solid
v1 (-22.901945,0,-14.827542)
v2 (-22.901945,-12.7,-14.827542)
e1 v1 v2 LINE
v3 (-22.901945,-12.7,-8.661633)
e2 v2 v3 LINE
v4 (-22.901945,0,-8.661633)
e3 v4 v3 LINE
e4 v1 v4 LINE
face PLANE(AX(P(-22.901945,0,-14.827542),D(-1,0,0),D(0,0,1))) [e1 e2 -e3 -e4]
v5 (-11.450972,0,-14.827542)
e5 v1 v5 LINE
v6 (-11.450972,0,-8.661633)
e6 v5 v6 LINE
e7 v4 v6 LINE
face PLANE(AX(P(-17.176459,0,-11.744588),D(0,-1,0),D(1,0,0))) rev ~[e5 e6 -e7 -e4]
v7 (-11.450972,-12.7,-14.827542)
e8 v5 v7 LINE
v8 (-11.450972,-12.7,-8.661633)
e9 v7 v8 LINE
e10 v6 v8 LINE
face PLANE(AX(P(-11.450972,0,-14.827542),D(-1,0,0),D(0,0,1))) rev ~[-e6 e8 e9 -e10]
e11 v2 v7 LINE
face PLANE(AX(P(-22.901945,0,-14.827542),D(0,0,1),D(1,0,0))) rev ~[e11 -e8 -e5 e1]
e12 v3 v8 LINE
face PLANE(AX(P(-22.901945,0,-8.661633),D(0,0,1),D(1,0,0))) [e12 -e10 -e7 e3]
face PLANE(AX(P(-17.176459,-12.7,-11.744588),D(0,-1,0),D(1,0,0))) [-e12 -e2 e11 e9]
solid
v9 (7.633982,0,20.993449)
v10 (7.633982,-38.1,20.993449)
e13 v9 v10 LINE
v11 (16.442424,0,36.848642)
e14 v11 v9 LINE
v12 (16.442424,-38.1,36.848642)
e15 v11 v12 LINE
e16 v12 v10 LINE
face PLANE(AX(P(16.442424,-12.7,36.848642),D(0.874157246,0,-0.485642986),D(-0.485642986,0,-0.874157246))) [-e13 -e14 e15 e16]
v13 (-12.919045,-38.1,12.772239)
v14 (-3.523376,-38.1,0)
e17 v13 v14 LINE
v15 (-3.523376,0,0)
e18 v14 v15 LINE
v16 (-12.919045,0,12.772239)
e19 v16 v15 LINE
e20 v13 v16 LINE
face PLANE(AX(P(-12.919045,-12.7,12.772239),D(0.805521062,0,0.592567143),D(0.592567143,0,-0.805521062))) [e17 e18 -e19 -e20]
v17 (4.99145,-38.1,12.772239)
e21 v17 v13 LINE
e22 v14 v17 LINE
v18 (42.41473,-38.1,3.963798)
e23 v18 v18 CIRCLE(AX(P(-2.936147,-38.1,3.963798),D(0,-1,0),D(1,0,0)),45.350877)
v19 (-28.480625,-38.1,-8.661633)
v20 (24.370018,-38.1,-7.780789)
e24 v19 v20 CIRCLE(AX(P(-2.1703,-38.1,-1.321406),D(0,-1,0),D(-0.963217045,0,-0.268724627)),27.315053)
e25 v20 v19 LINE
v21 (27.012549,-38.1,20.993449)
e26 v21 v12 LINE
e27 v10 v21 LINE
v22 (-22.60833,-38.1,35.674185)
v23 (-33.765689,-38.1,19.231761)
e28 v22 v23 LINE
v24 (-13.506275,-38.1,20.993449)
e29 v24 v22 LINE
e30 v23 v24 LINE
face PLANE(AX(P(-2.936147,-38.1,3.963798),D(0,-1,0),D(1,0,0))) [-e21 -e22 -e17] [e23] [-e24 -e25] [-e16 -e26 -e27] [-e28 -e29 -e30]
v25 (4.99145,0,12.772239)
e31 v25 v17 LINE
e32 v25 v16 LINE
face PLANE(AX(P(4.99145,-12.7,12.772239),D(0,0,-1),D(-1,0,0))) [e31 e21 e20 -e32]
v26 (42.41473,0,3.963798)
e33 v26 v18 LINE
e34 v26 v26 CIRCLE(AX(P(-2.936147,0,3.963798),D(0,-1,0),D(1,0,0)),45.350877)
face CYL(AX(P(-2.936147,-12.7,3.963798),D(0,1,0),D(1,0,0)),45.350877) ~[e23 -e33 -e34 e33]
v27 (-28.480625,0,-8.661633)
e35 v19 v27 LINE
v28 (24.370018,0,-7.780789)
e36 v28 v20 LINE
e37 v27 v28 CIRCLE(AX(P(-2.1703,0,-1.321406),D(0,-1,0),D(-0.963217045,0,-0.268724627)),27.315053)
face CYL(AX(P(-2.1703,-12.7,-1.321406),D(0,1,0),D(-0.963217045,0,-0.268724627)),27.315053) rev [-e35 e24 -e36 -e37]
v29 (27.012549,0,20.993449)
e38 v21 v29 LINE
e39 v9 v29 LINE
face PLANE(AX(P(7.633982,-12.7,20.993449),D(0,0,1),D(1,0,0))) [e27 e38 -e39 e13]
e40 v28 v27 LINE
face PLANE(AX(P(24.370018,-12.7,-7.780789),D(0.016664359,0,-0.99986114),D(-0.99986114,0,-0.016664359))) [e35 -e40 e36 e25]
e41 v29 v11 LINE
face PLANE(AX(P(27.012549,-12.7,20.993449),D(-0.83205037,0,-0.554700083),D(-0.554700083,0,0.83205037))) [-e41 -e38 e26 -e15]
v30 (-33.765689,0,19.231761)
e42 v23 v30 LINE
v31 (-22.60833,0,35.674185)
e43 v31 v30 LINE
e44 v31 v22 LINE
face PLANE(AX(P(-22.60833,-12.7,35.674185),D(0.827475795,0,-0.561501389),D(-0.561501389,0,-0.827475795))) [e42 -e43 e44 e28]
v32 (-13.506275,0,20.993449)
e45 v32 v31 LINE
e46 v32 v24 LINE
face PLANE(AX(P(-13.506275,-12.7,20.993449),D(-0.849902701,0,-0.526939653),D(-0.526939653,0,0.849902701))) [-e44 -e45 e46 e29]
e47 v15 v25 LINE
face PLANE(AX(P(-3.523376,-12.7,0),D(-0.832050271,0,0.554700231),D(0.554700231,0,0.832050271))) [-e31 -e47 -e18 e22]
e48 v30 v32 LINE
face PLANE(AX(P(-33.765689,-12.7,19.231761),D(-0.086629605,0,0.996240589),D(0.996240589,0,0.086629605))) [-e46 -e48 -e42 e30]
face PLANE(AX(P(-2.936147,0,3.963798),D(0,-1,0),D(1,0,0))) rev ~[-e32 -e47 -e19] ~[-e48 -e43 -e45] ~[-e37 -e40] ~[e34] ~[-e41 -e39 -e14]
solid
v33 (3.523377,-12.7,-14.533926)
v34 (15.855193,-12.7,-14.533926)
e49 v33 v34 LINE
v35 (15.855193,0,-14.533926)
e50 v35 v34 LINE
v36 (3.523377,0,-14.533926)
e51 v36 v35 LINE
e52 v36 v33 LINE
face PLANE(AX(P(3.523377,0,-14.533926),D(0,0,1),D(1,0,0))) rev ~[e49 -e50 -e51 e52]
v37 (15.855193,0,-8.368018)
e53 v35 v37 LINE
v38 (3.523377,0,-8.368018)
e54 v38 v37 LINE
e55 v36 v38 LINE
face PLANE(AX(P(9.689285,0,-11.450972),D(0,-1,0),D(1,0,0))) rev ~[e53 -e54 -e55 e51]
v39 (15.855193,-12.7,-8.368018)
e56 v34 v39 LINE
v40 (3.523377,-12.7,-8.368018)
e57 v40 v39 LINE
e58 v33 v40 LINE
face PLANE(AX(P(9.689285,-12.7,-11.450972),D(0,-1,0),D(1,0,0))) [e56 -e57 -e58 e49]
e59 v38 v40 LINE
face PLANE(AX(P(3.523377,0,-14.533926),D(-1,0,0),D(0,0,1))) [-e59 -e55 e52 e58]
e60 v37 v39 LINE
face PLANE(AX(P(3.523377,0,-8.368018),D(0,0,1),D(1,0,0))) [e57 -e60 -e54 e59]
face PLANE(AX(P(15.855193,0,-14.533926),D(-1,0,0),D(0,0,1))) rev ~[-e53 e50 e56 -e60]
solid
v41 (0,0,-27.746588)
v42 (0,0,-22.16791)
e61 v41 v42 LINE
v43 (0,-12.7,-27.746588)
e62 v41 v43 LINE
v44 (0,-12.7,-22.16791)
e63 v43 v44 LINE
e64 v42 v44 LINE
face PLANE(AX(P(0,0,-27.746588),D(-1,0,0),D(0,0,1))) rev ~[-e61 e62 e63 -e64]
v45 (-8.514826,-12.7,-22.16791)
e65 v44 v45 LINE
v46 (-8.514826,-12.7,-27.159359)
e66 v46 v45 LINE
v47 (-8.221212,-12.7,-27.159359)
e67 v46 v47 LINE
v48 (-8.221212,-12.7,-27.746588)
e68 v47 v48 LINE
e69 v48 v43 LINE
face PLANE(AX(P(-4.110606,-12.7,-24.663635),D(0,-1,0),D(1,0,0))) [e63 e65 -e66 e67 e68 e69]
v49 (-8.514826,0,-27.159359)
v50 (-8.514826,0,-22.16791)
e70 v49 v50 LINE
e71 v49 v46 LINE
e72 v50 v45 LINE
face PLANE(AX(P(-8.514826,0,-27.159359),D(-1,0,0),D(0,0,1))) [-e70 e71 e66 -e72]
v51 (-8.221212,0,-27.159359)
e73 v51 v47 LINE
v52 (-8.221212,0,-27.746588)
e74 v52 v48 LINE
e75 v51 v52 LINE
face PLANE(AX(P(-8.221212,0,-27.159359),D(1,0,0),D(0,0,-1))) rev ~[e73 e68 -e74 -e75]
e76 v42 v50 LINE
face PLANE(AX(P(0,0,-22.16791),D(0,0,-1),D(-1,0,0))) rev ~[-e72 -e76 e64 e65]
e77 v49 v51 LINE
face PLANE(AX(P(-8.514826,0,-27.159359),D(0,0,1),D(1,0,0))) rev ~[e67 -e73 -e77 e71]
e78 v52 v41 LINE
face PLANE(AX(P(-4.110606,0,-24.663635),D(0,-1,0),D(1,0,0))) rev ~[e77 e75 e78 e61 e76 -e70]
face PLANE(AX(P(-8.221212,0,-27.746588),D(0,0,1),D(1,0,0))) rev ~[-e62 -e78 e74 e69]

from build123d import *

# Parameters (mm, degrees)
F0_R      = 45.3508771991
F1_DEPTH  = 12.7
F3_DEPTH  = 12.7
F5_DEPTH  = 12.7
F7_DEPTH  = 12.7
F9_DEPTH  = 25.4
F10_DEPTH = 25.4
F11_W     = 11.4509724081
F11_H     = 6.1659086496
F12_DEPTH = 12.7
F11_W_2   = 12.3318159021
F11_H_2   = 6.1659077182
F11_W_3   = 8.2212118432
F11_H_3   = 4.9914494157
F11_H_4   = 0.5872286856
F11_W_4   = 0.2936143428


with BuildPart() as f1:
    # F0 (on Front) → F1 (new body)
    with BuildSketch(Plane.XZ):
        with Locations((-2.9361471534, 3.9637982845)):
            Circle(F0_R)
    extrude(amount=F1_DEPTH)

    # F2 (on face) → F3 (cut)
    with BuildSketch(Plane.XZ.offset(12.7)):
        Polygon((-22.6083304733, 35.6741845608), (-33.7656885386, 19.2317608744), (-13.5062746704, 20.9934487939), align=None)
    extrude(amount=-F3_DEPTH, mode=Mode.SUBTRACT)

    # F4 (on face) → F5 (cut)
    with BuildSketch(Plane.XZ.offset(12.7)):
        Polygon((7.6339817606, 20.9934487939), (27.0125493407, 20.9934487939), (16.4424236864, 36.848641932), align=None)
    extrude(amount=-F5_DEPTH, mode=Mode.SUBTRACT)

    # F6 (on face) → F7 (cut)
    with BuildSketch(Plane.XZ.offset(12.7)):
        with BuildLine():
            Line((24.3700183928, -7.780788932), (-28.4806247801, -8.6616333574))
            ThreePointArc((-28.4806247801, -8.6616333574), (-1.715112134, -28.6326660899), (24.3700183928, -7.780788932))
        make_face()
    extrude(amount=-F7_DEPTH, mode=Mode.SUBTRACT)

    # F8 (on face) → F9 (cut)
    with BuildSketch(Plane.XZ.offset(12.7)):
        Polygon((4.991450347, 12.7722388133), (-12.9190450534, 12.7722388133), (-3.5233763047, 0), align=None)
    extrude(amount=-F9_DEPTH, mode=Mode.SUBTRACT)

    # F10 (add): a face of the model
    f10_faces = [f1.faces().sort_by_distance(p)[0] for p in [
        (-47.0043078405, -12.7, 3.9637982845),
    ]]
    extrude(f10_faces, amount=F10_DEPTH)


with BuildPart() as f12:
    # F11 (on Front) → F12 (new body)
    with BuildSketch(Plane.XZ):
        with Locations((-17.1764586121, -11.7445876822)):
            Rectangle(F11_W, F11_H)
    extrude(amount=F12_DEPTH)


with BuildPart() as f12b:
    # F11 (on Front) → F12, piece 2 (new body)
    with BuildSketch(Plane.XZ):
        with Locations((9.6892851871, -11.4509719424)):
            Rectangle(F11_W_2, F11_H_2)
    extrude(amount=F12_DEPTH)


with BuildPart() as f12c:
    # F11 (on Front) → F12, piece 3 (new body)
    with BuildSketch(Plane.XZ):
        with Locations((-4.1106059216, -24.6636345983)):
            Rectangle(F11_W_3, F11_H_3)
        with Locations((-4.1106059216, -27.4529736489)):
            Rectangle(F11_W_3, F11_H_4)
        with Locations((-8.3680190146, -24.6636345983)):
            Rectangle(F11_W_4, F11_H_3)
    extrude(amount=F12_DEPTH)


solid = Compound([f1.part, f12.part, f12b.part, f12c.part])
